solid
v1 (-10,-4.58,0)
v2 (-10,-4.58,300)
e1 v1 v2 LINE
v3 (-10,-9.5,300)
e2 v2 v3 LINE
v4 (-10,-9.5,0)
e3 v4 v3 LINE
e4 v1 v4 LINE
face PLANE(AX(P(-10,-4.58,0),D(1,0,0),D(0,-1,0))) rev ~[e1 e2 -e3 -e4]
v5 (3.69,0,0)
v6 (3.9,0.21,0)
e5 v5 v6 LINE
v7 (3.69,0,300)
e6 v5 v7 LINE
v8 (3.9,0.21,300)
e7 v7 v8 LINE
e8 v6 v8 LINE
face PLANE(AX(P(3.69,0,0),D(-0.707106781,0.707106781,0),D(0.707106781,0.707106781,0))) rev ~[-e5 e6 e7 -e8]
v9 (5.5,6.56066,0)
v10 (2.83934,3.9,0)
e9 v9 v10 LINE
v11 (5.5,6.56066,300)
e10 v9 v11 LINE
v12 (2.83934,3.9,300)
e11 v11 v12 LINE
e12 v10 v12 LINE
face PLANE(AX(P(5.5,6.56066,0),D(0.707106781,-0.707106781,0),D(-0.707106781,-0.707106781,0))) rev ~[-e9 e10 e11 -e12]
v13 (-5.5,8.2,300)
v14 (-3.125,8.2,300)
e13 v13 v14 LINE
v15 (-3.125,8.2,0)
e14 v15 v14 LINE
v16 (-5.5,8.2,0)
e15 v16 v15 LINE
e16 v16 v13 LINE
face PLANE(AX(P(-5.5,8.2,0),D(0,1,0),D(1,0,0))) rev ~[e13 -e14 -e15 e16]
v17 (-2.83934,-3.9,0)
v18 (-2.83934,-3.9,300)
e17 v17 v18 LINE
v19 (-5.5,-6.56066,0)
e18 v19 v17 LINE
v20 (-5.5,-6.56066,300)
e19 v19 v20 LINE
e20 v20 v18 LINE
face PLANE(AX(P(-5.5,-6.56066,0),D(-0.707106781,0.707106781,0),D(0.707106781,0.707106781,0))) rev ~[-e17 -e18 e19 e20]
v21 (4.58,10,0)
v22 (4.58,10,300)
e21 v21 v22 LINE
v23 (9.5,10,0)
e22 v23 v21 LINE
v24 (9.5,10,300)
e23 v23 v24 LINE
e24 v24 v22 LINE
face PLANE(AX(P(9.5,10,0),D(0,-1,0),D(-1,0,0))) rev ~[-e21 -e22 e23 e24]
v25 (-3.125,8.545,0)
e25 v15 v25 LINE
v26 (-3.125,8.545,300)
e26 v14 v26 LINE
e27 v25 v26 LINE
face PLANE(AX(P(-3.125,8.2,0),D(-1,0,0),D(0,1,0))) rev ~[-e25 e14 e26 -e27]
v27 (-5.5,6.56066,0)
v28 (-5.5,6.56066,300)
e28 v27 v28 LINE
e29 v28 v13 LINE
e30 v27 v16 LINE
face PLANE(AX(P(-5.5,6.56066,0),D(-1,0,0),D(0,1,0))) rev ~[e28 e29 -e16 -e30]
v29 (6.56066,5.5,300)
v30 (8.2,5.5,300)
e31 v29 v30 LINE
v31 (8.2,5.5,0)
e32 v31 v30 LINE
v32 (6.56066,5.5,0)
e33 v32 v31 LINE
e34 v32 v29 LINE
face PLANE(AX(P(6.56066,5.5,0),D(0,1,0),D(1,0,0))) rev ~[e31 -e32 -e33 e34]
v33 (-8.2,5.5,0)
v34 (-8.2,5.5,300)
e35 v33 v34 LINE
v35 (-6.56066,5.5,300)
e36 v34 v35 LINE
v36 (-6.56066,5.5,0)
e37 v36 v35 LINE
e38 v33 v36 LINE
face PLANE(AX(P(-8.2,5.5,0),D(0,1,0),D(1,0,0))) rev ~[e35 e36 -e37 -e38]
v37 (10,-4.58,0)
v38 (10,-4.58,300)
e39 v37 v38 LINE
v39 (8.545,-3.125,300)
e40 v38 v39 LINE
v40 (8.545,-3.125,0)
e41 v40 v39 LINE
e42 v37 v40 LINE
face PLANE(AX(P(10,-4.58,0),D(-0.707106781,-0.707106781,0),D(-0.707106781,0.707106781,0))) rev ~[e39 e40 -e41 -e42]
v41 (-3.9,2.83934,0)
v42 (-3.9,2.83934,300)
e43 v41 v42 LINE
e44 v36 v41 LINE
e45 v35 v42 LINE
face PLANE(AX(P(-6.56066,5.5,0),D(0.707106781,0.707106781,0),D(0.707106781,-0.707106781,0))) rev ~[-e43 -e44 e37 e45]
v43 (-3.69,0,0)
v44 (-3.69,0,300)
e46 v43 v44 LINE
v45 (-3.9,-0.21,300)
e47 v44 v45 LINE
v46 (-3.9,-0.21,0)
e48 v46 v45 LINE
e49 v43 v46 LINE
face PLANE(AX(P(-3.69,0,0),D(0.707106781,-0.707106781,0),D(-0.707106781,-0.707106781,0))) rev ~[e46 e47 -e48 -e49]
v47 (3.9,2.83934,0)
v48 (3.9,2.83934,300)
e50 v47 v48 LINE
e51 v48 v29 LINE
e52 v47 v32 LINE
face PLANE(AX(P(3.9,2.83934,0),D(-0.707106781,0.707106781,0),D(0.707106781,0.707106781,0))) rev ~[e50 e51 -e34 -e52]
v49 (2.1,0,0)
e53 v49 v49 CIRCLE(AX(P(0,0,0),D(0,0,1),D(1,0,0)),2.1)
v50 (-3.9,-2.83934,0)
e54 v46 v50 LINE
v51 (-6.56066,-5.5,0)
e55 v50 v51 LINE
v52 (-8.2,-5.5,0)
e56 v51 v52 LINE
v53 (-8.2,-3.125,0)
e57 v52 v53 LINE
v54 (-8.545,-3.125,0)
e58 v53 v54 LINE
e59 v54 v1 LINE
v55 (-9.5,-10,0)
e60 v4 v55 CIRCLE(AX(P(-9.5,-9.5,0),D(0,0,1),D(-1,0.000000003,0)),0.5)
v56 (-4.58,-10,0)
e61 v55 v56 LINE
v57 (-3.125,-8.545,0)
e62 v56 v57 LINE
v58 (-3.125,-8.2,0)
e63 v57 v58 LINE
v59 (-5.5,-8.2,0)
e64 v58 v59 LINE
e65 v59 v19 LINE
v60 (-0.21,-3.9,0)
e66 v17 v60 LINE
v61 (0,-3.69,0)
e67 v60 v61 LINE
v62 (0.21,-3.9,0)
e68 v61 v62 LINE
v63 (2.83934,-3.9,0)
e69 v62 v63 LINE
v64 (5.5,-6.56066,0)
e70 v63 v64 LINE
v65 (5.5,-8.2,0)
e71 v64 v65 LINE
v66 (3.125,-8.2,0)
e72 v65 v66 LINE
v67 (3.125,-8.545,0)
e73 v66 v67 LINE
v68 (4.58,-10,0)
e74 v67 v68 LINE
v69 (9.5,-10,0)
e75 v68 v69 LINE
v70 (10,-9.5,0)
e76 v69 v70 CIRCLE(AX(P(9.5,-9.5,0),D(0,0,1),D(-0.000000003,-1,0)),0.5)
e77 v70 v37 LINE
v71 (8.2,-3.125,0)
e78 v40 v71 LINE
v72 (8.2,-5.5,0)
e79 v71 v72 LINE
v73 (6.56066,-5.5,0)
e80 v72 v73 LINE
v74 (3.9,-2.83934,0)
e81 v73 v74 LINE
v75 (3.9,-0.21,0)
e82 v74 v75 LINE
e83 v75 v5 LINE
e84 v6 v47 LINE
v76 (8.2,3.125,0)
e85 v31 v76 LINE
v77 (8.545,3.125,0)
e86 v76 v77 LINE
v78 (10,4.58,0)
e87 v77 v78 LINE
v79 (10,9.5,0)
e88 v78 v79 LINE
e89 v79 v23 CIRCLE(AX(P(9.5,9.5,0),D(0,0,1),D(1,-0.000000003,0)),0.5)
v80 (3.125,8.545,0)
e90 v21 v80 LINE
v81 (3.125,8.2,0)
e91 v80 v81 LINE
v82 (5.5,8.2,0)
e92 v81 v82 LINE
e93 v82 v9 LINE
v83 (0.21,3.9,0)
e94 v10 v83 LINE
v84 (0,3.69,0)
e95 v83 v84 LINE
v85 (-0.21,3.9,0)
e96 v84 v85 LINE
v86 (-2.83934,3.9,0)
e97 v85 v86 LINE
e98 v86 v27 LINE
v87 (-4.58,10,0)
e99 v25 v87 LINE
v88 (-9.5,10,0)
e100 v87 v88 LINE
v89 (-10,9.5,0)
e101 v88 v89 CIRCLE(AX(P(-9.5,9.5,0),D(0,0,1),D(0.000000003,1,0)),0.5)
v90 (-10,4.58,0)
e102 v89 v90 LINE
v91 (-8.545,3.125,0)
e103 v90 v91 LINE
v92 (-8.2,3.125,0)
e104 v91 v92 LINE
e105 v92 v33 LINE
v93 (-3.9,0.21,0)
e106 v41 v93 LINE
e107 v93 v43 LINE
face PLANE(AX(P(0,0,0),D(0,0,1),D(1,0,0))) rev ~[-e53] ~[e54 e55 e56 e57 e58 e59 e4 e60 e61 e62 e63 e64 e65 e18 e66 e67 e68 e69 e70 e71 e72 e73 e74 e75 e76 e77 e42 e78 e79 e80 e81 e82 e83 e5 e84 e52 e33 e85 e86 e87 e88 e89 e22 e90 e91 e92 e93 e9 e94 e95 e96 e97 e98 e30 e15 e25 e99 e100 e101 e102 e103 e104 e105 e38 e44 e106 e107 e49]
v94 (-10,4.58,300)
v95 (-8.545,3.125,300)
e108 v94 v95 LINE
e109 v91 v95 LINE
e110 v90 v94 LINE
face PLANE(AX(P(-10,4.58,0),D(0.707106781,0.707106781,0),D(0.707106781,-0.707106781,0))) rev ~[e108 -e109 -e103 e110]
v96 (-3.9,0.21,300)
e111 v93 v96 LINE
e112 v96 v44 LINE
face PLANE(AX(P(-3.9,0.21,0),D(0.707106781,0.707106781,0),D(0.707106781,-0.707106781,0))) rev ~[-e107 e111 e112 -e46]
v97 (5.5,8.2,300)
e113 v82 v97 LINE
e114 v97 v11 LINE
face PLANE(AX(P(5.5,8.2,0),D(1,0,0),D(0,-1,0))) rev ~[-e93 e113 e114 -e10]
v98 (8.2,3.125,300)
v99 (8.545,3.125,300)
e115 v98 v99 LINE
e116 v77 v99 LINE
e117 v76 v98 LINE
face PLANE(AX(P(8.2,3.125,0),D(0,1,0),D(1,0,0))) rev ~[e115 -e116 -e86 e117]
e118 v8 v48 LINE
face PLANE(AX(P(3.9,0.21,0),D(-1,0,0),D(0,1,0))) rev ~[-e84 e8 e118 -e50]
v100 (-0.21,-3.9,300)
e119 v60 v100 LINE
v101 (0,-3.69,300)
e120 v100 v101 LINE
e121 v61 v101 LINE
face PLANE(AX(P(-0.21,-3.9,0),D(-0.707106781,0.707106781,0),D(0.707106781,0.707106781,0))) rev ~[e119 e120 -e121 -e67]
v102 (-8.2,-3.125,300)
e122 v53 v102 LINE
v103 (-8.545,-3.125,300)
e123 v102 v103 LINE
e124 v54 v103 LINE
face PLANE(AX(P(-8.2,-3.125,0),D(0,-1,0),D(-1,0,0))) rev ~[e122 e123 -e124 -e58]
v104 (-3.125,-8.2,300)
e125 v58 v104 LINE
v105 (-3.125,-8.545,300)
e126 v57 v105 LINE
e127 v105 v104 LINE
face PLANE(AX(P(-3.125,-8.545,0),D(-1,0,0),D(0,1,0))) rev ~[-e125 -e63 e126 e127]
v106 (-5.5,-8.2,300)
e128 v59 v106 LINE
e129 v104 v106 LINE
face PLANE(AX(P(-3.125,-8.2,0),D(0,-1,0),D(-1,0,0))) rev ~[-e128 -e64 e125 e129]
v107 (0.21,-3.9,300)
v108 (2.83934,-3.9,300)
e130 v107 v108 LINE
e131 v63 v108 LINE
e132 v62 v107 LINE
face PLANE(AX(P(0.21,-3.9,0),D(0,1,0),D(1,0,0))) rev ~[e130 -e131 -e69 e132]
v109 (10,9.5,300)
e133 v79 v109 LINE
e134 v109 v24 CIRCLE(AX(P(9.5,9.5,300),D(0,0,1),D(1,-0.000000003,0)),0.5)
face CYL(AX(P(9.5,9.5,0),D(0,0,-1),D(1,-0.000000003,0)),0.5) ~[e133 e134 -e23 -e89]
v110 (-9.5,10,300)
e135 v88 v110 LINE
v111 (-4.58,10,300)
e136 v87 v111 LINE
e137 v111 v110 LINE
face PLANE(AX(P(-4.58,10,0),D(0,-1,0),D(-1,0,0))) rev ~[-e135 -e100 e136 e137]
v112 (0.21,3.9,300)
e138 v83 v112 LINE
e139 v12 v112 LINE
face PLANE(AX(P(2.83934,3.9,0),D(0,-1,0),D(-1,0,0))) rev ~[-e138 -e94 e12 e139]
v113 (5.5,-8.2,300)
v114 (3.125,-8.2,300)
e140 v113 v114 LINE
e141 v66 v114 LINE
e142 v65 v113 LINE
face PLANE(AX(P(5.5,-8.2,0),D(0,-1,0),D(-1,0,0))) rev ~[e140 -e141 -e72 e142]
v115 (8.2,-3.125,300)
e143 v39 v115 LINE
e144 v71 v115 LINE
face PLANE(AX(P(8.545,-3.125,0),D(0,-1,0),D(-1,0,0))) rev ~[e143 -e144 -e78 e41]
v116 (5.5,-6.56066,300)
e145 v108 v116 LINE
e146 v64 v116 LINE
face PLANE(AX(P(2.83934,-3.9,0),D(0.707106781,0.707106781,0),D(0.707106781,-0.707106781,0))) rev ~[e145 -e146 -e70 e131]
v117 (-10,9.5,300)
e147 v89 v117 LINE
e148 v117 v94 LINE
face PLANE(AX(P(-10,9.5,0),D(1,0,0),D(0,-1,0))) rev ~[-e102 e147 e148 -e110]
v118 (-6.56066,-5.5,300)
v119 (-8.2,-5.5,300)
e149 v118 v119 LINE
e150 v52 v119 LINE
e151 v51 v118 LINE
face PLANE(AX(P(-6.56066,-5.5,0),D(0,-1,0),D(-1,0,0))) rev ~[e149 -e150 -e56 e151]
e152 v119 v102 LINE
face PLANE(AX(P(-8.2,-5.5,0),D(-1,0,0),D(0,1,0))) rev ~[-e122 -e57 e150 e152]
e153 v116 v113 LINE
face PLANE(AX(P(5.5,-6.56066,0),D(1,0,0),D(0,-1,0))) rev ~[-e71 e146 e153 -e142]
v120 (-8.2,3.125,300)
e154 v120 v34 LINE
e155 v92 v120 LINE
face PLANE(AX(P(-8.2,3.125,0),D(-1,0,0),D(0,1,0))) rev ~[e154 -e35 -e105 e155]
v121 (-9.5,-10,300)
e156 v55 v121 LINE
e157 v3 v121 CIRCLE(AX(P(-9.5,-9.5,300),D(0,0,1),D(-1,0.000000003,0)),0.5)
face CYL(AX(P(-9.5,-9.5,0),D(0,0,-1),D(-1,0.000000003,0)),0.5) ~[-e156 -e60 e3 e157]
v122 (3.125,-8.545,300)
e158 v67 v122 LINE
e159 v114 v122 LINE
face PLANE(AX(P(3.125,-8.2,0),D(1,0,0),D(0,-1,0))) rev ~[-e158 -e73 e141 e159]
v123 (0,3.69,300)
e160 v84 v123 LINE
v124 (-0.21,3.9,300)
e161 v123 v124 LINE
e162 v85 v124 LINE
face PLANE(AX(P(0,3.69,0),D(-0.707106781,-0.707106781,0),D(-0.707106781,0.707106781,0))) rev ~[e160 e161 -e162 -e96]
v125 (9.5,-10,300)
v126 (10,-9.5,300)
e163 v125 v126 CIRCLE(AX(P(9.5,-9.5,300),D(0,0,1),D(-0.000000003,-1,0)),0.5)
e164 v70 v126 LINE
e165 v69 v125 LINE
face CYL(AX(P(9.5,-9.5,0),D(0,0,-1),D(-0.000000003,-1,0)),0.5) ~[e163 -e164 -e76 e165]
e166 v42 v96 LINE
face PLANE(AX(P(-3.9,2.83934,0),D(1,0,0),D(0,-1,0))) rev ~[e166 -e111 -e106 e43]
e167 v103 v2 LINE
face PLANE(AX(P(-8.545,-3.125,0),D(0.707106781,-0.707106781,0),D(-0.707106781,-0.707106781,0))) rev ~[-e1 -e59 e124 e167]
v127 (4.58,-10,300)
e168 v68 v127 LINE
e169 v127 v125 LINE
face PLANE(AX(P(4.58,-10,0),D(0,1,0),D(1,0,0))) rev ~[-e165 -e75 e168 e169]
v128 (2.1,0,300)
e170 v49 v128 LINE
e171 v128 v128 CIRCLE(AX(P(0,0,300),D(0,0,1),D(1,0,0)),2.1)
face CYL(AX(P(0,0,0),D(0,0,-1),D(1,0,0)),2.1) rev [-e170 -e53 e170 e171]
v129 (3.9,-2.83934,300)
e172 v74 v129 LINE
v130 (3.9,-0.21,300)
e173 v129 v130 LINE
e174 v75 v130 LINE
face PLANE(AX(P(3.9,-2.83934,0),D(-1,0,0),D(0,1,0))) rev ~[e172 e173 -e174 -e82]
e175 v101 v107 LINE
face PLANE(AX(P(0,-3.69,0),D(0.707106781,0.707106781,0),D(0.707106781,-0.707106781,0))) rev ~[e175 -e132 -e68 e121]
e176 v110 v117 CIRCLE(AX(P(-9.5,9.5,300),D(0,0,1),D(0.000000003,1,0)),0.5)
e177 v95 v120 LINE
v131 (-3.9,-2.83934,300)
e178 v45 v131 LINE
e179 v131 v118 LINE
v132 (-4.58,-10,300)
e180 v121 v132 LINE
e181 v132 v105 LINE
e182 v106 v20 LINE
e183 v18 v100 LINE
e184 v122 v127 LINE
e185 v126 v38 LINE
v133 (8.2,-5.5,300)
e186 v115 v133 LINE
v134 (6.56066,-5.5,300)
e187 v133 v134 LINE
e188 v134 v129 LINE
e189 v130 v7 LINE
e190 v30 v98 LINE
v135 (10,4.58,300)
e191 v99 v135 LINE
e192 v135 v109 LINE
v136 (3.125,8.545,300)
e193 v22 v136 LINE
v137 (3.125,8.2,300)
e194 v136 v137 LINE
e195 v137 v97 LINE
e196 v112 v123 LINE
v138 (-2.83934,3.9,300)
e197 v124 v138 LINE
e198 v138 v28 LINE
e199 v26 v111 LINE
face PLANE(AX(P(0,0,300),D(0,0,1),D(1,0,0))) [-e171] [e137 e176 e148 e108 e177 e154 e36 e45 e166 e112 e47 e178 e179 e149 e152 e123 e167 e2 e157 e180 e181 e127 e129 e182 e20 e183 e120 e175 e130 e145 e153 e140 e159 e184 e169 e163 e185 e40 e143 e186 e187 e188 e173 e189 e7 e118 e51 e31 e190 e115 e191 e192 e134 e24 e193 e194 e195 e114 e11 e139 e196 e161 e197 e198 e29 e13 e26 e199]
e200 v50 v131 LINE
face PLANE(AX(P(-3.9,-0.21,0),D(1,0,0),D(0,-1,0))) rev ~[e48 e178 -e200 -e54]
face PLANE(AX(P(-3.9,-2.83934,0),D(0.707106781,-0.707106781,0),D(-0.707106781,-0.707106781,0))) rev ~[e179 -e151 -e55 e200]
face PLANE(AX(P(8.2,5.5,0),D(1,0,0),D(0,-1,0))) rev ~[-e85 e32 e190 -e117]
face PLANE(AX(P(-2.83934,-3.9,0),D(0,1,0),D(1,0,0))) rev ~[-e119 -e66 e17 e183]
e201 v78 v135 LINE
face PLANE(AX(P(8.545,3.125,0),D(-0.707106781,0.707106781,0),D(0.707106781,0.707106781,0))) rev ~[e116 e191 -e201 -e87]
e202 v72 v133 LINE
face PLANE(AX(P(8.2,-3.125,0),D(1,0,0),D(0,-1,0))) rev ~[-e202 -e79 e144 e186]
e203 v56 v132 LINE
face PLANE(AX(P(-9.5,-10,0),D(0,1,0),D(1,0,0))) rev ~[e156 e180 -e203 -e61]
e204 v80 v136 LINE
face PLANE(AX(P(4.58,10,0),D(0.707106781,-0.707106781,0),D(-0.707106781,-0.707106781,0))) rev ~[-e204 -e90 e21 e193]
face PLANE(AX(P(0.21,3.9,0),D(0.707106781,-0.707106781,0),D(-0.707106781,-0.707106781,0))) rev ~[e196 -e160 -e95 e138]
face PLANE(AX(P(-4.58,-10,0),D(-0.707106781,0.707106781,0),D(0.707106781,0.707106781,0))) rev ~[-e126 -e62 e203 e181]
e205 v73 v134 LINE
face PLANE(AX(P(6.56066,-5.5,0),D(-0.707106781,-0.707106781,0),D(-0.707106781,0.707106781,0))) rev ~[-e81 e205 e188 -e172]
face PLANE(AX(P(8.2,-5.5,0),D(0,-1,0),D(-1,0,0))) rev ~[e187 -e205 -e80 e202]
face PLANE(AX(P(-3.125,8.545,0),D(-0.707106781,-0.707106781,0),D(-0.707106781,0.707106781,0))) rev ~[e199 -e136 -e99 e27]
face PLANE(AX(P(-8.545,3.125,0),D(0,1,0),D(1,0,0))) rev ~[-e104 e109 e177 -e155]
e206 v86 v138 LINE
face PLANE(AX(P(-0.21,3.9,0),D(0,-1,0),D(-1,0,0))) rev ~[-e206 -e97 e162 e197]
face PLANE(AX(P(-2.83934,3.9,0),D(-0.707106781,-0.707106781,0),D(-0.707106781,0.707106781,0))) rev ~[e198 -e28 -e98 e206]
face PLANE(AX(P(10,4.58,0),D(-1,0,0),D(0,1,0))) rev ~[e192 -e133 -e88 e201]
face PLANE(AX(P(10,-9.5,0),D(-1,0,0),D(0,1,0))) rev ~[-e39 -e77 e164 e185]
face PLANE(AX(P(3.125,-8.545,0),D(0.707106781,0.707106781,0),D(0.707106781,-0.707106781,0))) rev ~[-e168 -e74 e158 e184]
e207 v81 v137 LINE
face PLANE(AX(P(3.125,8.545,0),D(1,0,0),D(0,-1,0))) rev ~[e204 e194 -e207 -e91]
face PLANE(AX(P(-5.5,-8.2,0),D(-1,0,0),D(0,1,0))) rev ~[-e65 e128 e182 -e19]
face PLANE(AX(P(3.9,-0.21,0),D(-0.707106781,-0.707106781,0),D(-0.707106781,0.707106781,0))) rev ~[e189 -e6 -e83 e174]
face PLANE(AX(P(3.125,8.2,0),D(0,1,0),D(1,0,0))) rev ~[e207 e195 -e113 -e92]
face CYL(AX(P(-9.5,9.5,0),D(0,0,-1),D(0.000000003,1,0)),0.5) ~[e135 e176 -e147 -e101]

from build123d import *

# Parameters (mm, degrees)
SKETCH1_R           = 2.1
BOSS_EXTRUDE1_DEPTH = 300


with BuildPart() as part:
    # Sketch1 → Boss-Extrude1 (new body)
    with BuildSketch(Plane.XY):
        with BuildLine():
            Line((4.58, -10), (9.5, -10))
            ThreePointArc((9.5, -10), (9.853553391, -9.853553391), (10, -9.5))
            Line((10, -9.5), (10, -4.58))
            Line((10, -4.58), (8.545, -3.125))
            Line((8.545, -3.125), (8.2, -3.125))
            Line((8.2, -3.125), (8.2, -5.5))
            Line((8.2, -5.5), (6.560660172, -5.5))
            Line((6.560660172, -5.5), (3.9, -2.839339828))
            Line((3.9, -2.839339828), (3.9, -0.21))
            Line((3.9, -0.21), (3.69, 0))
            Line((3.69, 0), (3.9, 0.21))
            Line((3.9, 0.21), (3.9, 2.839339828))
            Line((3.9, 2.839339828), (6.560660172, 5.5))
            Line((6.560660172, 5.5), (8.2, 5.5))
            Line((8.2, 5.5), (8.2, 3.125))
            Line((8.2, 3.125), (8.545, 3.125))
            Line((8.545, 3.125), (10, 4.58))
            Line((10, 4.58), (10, 9.5))
            ThreePointArc((10, 9.5), (9.853553391, 9.853553391), (9.5, 10))
            Line((9.5, 10), (4.58, 10))
            Line((4.58, 10), (3.125, 8.545))
            Line((3.125, 8.545), (3.125, 8.2))
            Line((3.125, 8.2), (5.5, 8.2))
            Line((5.5, 8.2), (5.5, 6.560660172))
            Line((5.5, 6.560660172), (2.839339828, 3.9))
            Line((2.839339828, 3.9), (0.21, 3.9))
            Line((0.21, 3.9), (0, 3.69))
            Line((0, 3.69), (-0.21, 3.9))
            Line((-0.21, 3.9), (-2.839339828, 3.9))
            Line((-2.839339828, 3.9), (-5.5, 6.560660172))
            Line((-5.5, 6.560660172), (-5.5, 8.2))
            Line((-5.5, 8.2), (-3.125, 8.2))
            Line((-3.125, 8.2), (-3.125, 8.545))
            Line((-3.125, 8.545), (-4.58, 10))
            Line((-4.58, 10), (-9.5, 10))
            ThreePointArc((-9.5, 10), (-9.853553391, 9.853553391), (-10, 9.5))
            Line((-10, 9.5), (-10, 4.58))
            Line((-10, 4.58), (-8.545, 3.125))
            Line((-8.545, 3.125), (-8.2, 3.125))
            Line((-8.2, 3.125), (-8.2, 5.5))
            Line((-8.2, 5.5), (-6.560660172, 5.5))
            Line((-6.560660172, 5.5), (-3.9, 2.839339828))
            Line((-3.9, 2.839339828), (-3.9, 0.21))
            Line((-3.9, 0.21), (-3.69, 0))
            Line((-3.69, 0), (-3.9, -0.21))
            Line((-3.9, -0.21), (-3.9, -2.839339828))
            Line((-3.9, -2.839339828), (-6.560660172, -5.5))
            Line((-6.560660172, -5.5), (-8.2, -5.5))
            Line((-8.2, -5.5), (-8.2, -3.125))
            Line((-8.2, -3.125), (-8.545, -3.125))
            Line((-8.545, -3.125), (-10, -4.58))
            Line((-10, -4.58), (-10, -9.5))
            ThreePointArc((-10, -9.5), (-9.853553391, -9.853553391), (-9.5, -10))
            Line((-9.5, -10), (-4.58, -10))
            Line((-4.58, -10), (-3.125, -8.545))
            Line((-3.125, -8.545), (-3.125, -8.2))
            Line((-3.125, -8.2), (-5.5, -8.2))
            Line((-5.5, -8.2), (-5.5, -6.560660172))
            Line((-5.5, -6.560660172), (-2.839339828, -3.9))
            Line((-2.839339828, -3.9), (-0.21, -3.9))
            Line((-0.21, -3.9), (0, -3.69))
            Line((0, -3.69), (0.21, -3.9))
            Line((0.21, -3.9), (2.839339828, -3.9))
            Line((2.839339828, -3.9), (5.5, -6.560660172))
            Line((5.5, -6.560660172), (5.5, -8.2))
            Line((5.5, -8.2), (3.125, -8.2))
            Line((3.125, -8.2), (3.125, -8.545))
            Line((3.125, -8.545), (4.58, -10))
        make_face()
        Circle(SKETCH1_R, mode=Mode.SUBTRACT)
    extrude(amount=BOSS_EXTRUDE1_DEPTH)


solid = part.part
